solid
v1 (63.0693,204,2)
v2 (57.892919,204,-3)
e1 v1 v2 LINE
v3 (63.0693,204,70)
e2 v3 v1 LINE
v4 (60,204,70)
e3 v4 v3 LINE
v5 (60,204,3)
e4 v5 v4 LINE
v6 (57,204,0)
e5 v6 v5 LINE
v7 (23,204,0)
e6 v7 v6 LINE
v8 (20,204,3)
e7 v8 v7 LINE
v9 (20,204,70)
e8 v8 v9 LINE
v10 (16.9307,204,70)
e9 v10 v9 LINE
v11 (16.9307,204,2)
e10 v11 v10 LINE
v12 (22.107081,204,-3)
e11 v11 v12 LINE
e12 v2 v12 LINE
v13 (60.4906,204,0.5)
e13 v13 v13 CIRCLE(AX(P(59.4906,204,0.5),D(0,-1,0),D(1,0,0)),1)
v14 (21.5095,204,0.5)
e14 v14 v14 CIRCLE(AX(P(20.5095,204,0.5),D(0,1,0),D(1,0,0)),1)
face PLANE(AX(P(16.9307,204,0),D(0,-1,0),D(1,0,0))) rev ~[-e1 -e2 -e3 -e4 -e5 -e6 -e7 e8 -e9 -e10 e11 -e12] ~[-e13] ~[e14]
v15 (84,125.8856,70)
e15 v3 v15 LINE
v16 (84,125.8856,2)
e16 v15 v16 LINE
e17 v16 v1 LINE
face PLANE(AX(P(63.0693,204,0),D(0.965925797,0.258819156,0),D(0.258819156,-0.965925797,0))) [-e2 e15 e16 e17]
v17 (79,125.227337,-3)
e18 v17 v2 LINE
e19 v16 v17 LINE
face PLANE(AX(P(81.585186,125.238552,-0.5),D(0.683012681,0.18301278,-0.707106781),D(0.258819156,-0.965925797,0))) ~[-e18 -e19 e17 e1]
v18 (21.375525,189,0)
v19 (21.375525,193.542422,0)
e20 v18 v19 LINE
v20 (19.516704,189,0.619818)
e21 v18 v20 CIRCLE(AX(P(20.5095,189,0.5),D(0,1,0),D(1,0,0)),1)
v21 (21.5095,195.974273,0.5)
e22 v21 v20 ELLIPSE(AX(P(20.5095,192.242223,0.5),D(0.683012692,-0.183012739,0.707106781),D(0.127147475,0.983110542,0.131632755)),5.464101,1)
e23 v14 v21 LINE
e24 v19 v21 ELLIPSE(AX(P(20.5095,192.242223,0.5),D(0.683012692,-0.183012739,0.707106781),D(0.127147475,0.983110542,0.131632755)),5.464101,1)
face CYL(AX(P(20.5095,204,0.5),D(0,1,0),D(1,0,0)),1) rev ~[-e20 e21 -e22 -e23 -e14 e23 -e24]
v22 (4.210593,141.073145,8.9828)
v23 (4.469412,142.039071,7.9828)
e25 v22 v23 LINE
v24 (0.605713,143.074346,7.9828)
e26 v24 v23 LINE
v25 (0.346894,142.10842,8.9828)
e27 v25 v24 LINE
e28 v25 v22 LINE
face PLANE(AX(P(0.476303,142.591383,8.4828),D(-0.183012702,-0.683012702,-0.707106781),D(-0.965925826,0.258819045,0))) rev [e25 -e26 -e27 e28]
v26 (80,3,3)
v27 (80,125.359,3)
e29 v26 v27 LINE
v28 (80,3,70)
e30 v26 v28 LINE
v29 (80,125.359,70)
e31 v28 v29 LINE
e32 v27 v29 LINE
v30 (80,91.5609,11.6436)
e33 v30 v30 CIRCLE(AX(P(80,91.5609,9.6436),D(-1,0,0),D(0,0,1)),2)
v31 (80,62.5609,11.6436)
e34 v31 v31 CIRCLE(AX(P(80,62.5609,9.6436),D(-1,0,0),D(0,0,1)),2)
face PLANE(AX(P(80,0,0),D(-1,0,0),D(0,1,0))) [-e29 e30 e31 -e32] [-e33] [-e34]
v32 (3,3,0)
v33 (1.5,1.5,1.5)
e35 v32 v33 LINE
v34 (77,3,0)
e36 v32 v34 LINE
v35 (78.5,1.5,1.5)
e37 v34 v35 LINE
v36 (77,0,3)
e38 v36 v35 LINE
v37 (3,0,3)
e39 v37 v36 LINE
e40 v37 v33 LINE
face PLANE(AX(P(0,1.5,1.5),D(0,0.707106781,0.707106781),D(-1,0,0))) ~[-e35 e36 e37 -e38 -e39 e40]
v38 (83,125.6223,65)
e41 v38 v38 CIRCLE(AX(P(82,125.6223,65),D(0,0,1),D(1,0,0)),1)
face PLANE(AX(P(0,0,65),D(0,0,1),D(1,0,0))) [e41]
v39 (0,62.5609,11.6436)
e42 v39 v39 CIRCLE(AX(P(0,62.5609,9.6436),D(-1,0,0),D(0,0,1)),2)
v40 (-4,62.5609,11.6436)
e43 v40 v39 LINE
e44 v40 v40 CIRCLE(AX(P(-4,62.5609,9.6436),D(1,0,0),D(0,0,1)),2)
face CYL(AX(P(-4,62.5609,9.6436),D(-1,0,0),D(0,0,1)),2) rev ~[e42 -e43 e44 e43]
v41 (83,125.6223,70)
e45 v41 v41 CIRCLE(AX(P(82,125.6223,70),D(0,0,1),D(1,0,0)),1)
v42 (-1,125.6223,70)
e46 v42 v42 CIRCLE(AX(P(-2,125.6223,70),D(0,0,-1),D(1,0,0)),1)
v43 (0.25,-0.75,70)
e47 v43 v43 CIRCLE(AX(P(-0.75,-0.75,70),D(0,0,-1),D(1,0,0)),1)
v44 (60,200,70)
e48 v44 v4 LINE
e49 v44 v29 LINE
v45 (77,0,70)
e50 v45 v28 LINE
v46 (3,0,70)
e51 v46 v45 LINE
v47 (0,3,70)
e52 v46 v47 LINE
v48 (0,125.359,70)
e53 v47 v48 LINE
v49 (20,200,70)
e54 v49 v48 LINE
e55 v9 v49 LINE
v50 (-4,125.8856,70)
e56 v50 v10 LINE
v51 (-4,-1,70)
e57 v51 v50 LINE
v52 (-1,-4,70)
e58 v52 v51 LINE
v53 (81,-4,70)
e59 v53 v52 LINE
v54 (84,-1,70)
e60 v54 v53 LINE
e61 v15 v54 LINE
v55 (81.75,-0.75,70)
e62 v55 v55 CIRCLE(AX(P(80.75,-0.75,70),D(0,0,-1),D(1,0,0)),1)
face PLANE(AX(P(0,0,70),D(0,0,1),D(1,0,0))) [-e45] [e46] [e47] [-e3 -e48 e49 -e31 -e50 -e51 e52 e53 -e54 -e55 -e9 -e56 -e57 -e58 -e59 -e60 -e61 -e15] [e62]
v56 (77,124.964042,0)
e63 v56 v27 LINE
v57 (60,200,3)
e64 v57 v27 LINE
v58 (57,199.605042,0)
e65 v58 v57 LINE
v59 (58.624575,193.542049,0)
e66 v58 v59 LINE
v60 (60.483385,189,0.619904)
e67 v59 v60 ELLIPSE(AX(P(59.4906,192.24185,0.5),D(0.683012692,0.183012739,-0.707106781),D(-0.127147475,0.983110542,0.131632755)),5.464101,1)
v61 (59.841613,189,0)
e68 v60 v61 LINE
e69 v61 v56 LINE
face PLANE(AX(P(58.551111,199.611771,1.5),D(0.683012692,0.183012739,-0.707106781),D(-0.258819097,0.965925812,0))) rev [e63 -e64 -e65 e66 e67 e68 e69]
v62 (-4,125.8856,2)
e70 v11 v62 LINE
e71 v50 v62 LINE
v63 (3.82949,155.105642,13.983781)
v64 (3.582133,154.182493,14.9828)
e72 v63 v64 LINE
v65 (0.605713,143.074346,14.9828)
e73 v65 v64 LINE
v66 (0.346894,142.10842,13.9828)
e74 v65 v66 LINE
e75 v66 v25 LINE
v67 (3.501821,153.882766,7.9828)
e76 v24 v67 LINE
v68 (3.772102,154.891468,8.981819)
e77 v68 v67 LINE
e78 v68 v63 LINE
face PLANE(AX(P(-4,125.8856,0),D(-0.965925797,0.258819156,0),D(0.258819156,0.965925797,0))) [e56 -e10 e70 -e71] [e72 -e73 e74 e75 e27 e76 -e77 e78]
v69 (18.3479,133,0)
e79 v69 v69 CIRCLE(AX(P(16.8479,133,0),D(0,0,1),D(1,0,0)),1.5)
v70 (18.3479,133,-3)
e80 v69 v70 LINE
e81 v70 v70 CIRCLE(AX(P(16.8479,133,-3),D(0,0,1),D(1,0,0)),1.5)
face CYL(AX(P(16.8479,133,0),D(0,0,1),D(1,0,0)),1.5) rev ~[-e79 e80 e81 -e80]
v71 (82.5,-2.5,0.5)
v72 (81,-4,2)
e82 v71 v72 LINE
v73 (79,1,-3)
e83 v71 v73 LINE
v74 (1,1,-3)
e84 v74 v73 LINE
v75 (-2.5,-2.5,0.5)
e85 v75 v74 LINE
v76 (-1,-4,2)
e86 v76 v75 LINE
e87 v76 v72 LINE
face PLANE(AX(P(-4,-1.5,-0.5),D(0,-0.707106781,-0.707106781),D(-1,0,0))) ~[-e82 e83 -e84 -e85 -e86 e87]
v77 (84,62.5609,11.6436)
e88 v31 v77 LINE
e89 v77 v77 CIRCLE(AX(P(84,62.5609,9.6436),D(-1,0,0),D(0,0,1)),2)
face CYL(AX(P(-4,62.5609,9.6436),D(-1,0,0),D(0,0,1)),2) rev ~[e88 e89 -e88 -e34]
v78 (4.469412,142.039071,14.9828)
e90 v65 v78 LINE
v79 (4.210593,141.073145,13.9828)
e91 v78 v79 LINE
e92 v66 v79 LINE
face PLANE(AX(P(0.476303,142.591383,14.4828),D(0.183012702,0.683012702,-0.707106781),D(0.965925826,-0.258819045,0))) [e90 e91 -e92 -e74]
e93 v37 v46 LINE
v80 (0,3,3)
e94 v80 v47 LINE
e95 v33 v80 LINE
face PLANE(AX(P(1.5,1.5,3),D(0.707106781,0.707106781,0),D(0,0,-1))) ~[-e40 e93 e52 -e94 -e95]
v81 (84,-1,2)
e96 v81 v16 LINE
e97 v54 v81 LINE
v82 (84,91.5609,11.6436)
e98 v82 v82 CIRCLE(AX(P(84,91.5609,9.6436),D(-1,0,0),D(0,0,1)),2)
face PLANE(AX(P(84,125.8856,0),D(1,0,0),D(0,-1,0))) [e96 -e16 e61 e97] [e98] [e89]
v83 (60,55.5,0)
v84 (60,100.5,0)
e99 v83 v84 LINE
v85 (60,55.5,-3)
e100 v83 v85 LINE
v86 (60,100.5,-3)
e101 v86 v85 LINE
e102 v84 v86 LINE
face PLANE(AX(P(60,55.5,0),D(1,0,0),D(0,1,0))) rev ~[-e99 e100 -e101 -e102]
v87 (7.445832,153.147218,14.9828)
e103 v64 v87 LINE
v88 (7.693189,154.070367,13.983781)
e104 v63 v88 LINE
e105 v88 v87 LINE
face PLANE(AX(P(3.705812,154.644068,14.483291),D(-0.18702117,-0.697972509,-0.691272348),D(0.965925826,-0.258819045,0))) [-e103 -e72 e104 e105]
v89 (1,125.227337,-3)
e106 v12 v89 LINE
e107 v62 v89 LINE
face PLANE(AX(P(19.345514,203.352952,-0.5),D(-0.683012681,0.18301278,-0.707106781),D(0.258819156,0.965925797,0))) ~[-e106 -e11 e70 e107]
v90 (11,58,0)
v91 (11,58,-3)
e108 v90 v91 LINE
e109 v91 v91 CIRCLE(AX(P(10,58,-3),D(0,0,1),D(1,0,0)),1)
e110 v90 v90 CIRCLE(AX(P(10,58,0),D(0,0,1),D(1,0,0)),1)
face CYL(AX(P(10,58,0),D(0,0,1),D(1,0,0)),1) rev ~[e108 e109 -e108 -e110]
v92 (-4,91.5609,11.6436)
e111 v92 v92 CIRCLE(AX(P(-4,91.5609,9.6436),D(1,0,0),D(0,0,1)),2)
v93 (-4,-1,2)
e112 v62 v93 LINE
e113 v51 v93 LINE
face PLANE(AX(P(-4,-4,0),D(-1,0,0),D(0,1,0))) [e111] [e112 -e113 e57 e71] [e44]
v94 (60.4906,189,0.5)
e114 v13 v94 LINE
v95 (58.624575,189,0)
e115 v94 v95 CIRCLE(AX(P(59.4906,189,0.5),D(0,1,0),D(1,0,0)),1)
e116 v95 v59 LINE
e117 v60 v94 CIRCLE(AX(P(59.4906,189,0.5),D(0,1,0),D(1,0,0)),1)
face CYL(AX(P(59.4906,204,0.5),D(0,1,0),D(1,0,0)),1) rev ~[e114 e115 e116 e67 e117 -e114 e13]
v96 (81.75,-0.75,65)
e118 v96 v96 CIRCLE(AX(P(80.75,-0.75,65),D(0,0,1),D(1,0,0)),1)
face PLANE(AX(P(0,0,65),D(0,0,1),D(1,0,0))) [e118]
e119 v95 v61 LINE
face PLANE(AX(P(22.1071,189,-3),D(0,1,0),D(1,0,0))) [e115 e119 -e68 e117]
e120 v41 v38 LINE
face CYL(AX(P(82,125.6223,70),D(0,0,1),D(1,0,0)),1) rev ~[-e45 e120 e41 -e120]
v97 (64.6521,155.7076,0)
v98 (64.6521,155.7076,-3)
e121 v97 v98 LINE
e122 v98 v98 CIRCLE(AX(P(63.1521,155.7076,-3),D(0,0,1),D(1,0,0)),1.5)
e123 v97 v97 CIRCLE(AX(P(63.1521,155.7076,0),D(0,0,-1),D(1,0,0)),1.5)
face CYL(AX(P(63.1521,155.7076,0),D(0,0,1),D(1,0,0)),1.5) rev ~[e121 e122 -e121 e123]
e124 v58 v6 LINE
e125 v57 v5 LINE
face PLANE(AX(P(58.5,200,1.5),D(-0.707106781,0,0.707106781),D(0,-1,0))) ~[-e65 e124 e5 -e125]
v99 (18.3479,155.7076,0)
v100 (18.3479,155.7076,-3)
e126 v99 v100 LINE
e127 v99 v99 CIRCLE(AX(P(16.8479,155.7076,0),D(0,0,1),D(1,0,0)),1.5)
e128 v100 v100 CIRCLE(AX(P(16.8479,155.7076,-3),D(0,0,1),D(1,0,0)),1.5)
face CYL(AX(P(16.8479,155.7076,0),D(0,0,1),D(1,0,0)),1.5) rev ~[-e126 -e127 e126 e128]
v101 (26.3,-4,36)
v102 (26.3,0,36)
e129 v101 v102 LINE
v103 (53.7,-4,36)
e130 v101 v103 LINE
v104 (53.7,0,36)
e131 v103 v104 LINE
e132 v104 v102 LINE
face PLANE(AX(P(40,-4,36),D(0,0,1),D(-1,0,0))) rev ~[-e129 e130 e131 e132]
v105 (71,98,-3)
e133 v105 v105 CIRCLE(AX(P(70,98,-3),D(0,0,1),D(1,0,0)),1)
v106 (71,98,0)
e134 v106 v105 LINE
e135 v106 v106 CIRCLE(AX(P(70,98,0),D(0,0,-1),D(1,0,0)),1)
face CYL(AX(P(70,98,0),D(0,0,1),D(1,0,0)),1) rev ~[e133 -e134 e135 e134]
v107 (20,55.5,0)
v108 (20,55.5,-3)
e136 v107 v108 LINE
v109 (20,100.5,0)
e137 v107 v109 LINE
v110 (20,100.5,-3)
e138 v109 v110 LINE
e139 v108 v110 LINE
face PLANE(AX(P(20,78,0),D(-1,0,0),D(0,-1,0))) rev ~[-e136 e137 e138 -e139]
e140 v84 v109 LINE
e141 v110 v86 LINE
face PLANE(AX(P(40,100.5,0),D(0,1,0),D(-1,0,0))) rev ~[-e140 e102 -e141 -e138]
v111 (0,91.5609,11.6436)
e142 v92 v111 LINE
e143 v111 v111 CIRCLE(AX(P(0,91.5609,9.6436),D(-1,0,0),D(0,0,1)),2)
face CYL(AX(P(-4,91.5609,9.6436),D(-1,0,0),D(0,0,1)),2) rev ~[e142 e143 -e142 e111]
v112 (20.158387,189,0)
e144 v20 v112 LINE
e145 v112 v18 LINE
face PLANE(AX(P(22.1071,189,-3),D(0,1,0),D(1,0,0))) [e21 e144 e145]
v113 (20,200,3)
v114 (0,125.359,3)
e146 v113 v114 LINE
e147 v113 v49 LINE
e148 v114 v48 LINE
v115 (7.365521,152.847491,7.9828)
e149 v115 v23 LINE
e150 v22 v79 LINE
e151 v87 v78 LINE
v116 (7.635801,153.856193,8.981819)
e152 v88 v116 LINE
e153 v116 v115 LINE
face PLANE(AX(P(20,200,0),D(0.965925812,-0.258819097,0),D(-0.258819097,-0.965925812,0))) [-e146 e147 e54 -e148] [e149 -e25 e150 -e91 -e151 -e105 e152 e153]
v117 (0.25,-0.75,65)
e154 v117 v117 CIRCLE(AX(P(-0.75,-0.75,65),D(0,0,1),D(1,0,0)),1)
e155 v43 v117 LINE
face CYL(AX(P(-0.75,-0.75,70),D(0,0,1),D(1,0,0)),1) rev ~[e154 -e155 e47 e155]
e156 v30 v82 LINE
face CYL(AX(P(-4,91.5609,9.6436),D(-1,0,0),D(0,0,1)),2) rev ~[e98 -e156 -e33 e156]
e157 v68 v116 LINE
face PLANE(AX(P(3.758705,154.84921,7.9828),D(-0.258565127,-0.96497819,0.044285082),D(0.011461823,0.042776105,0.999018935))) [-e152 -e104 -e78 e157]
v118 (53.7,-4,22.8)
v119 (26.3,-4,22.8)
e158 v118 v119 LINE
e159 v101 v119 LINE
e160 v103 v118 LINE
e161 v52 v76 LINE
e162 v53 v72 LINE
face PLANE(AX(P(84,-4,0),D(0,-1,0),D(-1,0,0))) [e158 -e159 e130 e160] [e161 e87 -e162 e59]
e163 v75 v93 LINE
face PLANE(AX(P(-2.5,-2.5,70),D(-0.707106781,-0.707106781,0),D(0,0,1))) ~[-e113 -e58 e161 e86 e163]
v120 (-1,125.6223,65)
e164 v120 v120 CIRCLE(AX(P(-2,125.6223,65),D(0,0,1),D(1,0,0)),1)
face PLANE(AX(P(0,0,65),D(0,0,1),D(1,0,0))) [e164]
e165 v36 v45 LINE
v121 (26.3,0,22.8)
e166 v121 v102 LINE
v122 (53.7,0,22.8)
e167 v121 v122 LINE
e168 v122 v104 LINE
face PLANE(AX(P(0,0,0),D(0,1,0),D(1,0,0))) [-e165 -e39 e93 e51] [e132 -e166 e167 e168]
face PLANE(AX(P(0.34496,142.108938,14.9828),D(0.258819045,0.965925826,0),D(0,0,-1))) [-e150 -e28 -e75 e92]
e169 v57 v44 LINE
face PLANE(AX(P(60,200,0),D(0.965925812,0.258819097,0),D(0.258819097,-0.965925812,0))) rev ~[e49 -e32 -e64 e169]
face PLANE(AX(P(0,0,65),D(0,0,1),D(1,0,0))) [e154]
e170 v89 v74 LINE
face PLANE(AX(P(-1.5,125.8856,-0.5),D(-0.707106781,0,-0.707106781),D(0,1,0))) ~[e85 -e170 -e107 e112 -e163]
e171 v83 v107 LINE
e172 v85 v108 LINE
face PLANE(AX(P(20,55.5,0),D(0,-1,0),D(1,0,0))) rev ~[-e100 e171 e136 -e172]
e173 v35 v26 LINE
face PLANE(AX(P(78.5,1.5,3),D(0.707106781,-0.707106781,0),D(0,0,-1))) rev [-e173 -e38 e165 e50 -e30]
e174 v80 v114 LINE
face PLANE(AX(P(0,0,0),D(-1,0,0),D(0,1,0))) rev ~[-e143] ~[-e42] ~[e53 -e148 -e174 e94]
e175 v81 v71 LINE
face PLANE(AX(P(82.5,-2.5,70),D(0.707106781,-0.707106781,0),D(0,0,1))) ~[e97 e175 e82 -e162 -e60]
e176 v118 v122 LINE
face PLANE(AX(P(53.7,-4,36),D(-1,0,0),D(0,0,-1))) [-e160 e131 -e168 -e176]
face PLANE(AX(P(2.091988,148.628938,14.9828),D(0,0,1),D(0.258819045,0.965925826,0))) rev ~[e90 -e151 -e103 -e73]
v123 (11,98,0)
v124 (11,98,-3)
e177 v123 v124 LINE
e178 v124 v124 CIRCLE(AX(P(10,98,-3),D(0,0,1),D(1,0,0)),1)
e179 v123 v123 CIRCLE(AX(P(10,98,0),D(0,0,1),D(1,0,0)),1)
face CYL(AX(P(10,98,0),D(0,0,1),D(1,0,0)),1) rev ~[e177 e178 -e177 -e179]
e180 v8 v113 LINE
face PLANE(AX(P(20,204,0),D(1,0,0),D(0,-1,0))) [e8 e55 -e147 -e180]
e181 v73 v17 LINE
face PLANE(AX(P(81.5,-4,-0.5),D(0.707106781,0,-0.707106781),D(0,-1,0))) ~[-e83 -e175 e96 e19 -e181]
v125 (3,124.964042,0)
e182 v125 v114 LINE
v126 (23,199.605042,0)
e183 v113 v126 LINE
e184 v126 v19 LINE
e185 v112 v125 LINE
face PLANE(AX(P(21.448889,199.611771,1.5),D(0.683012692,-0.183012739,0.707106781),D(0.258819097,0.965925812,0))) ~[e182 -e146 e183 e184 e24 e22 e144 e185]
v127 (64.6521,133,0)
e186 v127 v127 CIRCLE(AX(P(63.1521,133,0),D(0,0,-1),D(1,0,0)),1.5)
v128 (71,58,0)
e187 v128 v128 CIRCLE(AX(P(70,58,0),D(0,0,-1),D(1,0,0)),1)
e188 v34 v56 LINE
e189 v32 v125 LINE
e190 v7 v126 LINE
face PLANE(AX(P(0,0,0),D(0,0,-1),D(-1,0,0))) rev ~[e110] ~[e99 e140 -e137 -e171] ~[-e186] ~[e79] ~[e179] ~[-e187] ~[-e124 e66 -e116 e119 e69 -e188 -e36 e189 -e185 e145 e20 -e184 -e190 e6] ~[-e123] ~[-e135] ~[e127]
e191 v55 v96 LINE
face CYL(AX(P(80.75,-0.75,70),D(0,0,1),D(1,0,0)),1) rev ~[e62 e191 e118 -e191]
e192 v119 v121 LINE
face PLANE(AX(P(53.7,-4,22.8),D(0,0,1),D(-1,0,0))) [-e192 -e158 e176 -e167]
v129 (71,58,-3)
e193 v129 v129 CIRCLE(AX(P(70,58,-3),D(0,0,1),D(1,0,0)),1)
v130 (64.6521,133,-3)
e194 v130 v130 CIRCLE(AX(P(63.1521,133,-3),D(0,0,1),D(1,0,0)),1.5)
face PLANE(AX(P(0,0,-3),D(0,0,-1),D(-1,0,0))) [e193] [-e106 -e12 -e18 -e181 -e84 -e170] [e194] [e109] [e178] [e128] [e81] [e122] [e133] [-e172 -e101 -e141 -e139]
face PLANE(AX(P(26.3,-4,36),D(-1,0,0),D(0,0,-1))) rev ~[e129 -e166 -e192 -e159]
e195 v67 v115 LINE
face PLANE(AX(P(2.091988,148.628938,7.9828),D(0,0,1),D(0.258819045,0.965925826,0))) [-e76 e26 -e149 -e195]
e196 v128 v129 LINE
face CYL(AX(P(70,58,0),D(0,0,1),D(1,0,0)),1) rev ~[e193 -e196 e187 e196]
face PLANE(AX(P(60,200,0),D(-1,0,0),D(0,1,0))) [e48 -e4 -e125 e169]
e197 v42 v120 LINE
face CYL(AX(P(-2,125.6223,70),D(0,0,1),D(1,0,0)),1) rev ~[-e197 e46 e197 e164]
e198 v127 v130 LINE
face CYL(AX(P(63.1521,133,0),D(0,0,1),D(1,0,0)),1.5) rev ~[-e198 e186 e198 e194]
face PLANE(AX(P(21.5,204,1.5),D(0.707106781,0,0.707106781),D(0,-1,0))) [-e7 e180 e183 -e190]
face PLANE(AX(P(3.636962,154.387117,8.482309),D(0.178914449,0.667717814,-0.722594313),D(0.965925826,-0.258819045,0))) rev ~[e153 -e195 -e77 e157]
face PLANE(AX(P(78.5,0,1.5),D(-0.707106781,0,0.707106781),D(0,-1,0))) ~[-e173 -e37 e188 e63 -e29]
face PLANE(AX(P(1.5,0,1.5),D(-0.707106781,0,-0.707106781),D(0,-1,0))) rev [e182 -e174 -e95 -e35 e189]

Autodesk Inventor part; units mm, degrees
ref_plane "YZ Plane" through (0, 0, 0) normal (1, 0, 0) x (0, 1, 0)
ref_plane "XZ Plane" through (0, 0, 0) normal (0, 1, 0) x (-1, 0, 0)
ref_plane "XY Plane" through (0, 0, 0) normal (0, 0, 1) x (1, 0, 0)
sketch "Sketch1" plane through (0, 0, 0) normal (0, 0, 1) x (1, 0, 0)
  line L0 (0, 0) -> (80, 0)
  line L1 (80, 0) -> (80, 125.359)
  line L2 (60, 200) -> (80, 125.359)
  line L3 (60, 200) -> (137.2741, 200) construction
  line L4 (0, 0) -> (0, 125.359)
  line L5 (20, 200) -> (0, 125.359)
  line L6 (84, 125.8856) -> (84, -4)
  line L7 (84, -4) -> (-4, -4)
  line L8 (-4, -4) -> (-4, 125.8856)
  line L9 (-4, 125.8856) -> (16.9307, 204)
  line L10 (63.0693, 204) -> (84, 125.8856)
  line L11 (20, 204) -> (20, 200)
  line L12 (60, 200) -> (60, 204)
  line L13 (16.9307, 204) -> (20, 204)
  line L14 (60, 204) -> (63.0693, 204)
  point P0 (40, 0)
  dimension "d0" = 80
  dimension "d4" = 75
  dimension "d5" = 4
extrude "Extrusion1" add sketch "Sketch1" along normal blind 70
sketch "Sketch2" plane through (0, 0, 0) normal (0, 0, -1) x (-1, 0, 0)
  line L0 (-16.9307, 204) -> (4, 125.8856)
  line L1 (-84, 125.8856) -> (-63.0693, 204)
  line L2 (-16.9307, 204) -> (-63.0693, 204)
  line L3 (-80, 125.359) -> (-80, 0)
  line L4 (-60, 200) -> (-80, 125.359)
  line L5 (-60, 204) -> (-60, 200)
  line L6 (-63.0693, 204) -> (-60, 204)
  line L7 (-84, 125.8856) -> (-63.0693, 204)
  line L8 (-84, -4) -> (-84, 125.8856)
  line L9 (4, -4) -> (-84, -4)
  line L10 (4, 125.8856) -> (4, -4)
  line L11 (-16.9307, 204) -> (4, 125.8856)
  line L12 (-20, 204) -> (-16.9307, 204)
  line L13 (-20, 200) -> (-20, 204)
  line L14 (0, 125.359) -> (-20, 200)
  line L15 (0, 0) -> (0, 125.359)
  line L16 (-80, 0) -> (0, 0)
extrude "Extrusion2" add sketch "Sketch2" along normal blind 3
chamfer "Chamfer1" distance 5 angle 45 5 edges at (40, -4, -3) (84, 60.9428, -3) (-4, 60.9428, -3) (6.4653, 164.9428, -3) (73.5347, 164.9428, -3)
chamfer "Chamfer2" distance 3 angle 45 7 edges at (20, 202, 0) (10, 162.6795, 0) (60, 202, 0) (70, 162.6795, 0) (80, 62.6795, 0) (0, 62.6795, 0) (40, 0, 0)
chamfer "Chamfer3" distance 3 angle 45 4 edges at (84, -4, 36) (-4, -4, 36) (0, 0, 36.5) (80, 0, 36.5)
sketch "Sketch3" plane through (0, 0, 70) normal (0, 0, 1) x (1, 0, 0)
  line L0 (77, 0) -> (78.5, 1.5)
  line L1 (81, -4) -> (82.5, -2.5)
  line L2 (78.5, 1.5) -> (82.5, -2.5)
  line L3 (79, 1) -> (82.5, -2.5)
  circle A0 centre (80.75, -0.75) radius 1
  line L4 (-4, -1) -> (-2.5, -2.5)
  line L5 (-2.5, -2.5) -> (1.5, 1.5)
  line L6 (0, 3) -> (3, 0)
  line L7 (1, 1) -> (-2.5, -2.5)
  circle A1 centre (-0.75, -0.75) radius 1
  line L8 (3, 124.964) -> (0, 125.359)
  line L9 (16.9307, 204) -> (-4, 125.8856)
  line L10 (80, 125.359) -> (77, 124.964)
  line L11 (84, -1) -> (84, 125.8856)
  line L12 (1, 125.2273) -> (-4, 125.8856)
  circle A2 centre (82, 125.6223) radius 1
  circle A3 centre (-2, 125.6223) radius 1
  point P0 (0, 0)
  dimension "d19" = 2
  dimension "d20" = 2
  dimension "d22" = 2
  dimension "d23" = 2
extrude "Extrusion3" cut sketch "Sketch3" against normal blind 5
sketch "Sketch4" plane through (22.1071, 204, -3) normal (0, 1, 0) x (1, 0, 0)
  line L0 (35.7859, 0) -> (40.9622, -5)
  line L1 (38.374, -2.5) -> (36.3929, -4.5)
  line L2 (34.8929, -3) -> (37.8929, -6)
  circle A0 centre (37.3835, -3.5) radius 1
  line L3 (-21.1071, 0) -> (56.8929, 0)
  line L4 (17.8929, 0) -> (17.8929, -26)
  circle A1 centre (-1.5976, -3.5) radius 1
  point P0 (-22.1071, -3)
  dimension "d26" = 2
extrude "Extrusion4" cut sketch "Sketch4" against normal blind 15
sketch "Sketch5" plane through (0, 0, 0) normal (0, 0, 1) x (1, 0, 0)
  line L0 (77, 3) -> (3, 3)
  line L1 (40, 3) -> (40, 43)
  line L2 (40, 43) -> (40, 113)
  line L3 (40, 78) -> (20, 78)
  line L4 (20, 78) -> (20, 55.5)
  line L5 (20, 55.5) -> (60, 55.5)
  line L6 (60, 55.5) -> (60, 100.5)
  line L7 (60, 100.5) -> (20, 100.5)
  line L8 (20, 100.5) -> (20, 78)
  line L9 (40, 78) -> (70, 78)
  line L10 (70, 78) -> (70, 98)
  circle A0 centre (70, 98) radius 1
  line L11 (70, 78) -> (70, 58)
  circle A1 centre (70, 58) radius 1
  circle A2 centre (10, 98) radius 1
  circle A3 centre (10, 58) radius 1
  line L12 (40, 113) -> (40, 133)
  line L13 (40, 133) -> (63.1521, 133)
  line L14 (63.1521, 133) -> (63.1521, 155.7076)
  circle A4 centre (63.1521, 155.7076) radius 1.5
  circle A5 centre (63.1521, 133) radius 1.5
  circle A6 centre (16.8479, 155.7076) radius 1.5
  circle A7 centre (16.8479, 133) radius 1.5
  point P0 (0, 0)
  dimension "d29" = 40
  dimension "d30" = 70
  dimension "d31" = 20
  dimension "d32" = 22.5
  dimension "d33" = 40
  dimension "d34" = 45
  dimension "d35" = 30
  dimension "d36" = 20
  dimension "d37" = 2
  dimension "d38" = 20
  dimension "d39" = 2
  dimension "d40" = 20
  dimension "d41" = 23.1521
  dimension "d42" = 22.7076
  dimension "d43" = 3
  dimension "d44" = 3
extrude "Extrusion5" cut sketch "Sketch5" against normal blind 40
sketch "Sketch7" plane through (-1, -4, 2) normal (0, -1, 0) x (1, 0, 0)
  line L0 (78, 68) -> (4, 68)
  line L1 (41, 68) -> (41, 34)
  line L2 (54.7, 34) -> (27.3, 34)
  line L3 (54.7, 34) -> (54.7, 20.8)
  line L4 (54.7, 20.8) -> (27.3, 20.8)
  line L5 (27.3, 34) -> (27.3, 20.8)
  point P0 (1, -2)
  dimension "d47" = 27.4
  dimension "d48" = 34
  dimension "d49" = 13.2
extrude "Extrusion6" cut sketch "Sketch7" against normal blind 27.4
sketch "Sketch8" plane through (-4, 125.8856, 2) normal (-0.9659, 0.2588, 0) x (0, 0, 1)
  line L0 (-2, 13.7678) -> (-2, 10.7678)
  line L1 (-2, 35.7017) -> (-2, 32.7017)
  line L2 (3.9828, 34.5121) -> (3.9828, 12.5782)
  line L3 (3.9828, 23.5451) -> (5.9828, 23.5451)
  line L4 (5.9828, 23.5451) -> (12.9828, 23.5451)
  line L5 (12.9828, 23.5451) -> (12.9828, 30.2951)
  line L6 (12.9828, 30.2951) -> (12.9828, 16.7951)
  line L7 (12.9828, 16.7951) -> (5.9828, 16.7951)
  line L8 (5.9828, 16.7951) -> (5.9828, 29.9848)
  line L9 (5.9828, 29.9848) -> (12.9828, 30.2951)
  point P0 (-2, -120.5609)
  point P1 (12.9828, 30.2951)
  dimension "d52" = 2
  dimension "d53" = 7
  dimension "d54" = 6.75
  dimension "d55" = 13.5
extrude "Extrusion7" cut sketch "Sketch8" against normal blind 9
chamfer "Chamfer4" distance 1 angle 45 4 edges at (5.7728, 154.6308, 14.9828) (2.2788, 141.5908, 14.9828) (2.2788, 141.5908, 7.9828) (5.6925, 154.331, 7.9828)
sketch "Sketch9" plane through (-4, 125.8856, 2) normal (-1, 0, 0) x (0, 0, 1)
  line L0 (1, -0.5266) -> (1, -122.8856)
  line L1 (1, -48.8247) -> (7.6436, -48.8247)
  line L2 (7.6436, -48.8247) -> (7.6436, -34.3247)
  line L3 (7.6436, -34.3247) -> (7.6436, -63.3247)
  circle A0 centre (7.6436, -34.3247) radius 2
  circle A1 centre (7.6436, -63.3247) radius 2
  point P0 (-2, -125.8856)
  dimension "d61" = 14.5
  dimension "d62" = 29
  dimension "d63" = 4
  dimension "d64" = 4
extrude "Extrusion8" cut sketch "Sketch9" against normal blind 999
equation "\"d45\" = d33"
equation "\"d50\" = d47"
properties part number "the box"
